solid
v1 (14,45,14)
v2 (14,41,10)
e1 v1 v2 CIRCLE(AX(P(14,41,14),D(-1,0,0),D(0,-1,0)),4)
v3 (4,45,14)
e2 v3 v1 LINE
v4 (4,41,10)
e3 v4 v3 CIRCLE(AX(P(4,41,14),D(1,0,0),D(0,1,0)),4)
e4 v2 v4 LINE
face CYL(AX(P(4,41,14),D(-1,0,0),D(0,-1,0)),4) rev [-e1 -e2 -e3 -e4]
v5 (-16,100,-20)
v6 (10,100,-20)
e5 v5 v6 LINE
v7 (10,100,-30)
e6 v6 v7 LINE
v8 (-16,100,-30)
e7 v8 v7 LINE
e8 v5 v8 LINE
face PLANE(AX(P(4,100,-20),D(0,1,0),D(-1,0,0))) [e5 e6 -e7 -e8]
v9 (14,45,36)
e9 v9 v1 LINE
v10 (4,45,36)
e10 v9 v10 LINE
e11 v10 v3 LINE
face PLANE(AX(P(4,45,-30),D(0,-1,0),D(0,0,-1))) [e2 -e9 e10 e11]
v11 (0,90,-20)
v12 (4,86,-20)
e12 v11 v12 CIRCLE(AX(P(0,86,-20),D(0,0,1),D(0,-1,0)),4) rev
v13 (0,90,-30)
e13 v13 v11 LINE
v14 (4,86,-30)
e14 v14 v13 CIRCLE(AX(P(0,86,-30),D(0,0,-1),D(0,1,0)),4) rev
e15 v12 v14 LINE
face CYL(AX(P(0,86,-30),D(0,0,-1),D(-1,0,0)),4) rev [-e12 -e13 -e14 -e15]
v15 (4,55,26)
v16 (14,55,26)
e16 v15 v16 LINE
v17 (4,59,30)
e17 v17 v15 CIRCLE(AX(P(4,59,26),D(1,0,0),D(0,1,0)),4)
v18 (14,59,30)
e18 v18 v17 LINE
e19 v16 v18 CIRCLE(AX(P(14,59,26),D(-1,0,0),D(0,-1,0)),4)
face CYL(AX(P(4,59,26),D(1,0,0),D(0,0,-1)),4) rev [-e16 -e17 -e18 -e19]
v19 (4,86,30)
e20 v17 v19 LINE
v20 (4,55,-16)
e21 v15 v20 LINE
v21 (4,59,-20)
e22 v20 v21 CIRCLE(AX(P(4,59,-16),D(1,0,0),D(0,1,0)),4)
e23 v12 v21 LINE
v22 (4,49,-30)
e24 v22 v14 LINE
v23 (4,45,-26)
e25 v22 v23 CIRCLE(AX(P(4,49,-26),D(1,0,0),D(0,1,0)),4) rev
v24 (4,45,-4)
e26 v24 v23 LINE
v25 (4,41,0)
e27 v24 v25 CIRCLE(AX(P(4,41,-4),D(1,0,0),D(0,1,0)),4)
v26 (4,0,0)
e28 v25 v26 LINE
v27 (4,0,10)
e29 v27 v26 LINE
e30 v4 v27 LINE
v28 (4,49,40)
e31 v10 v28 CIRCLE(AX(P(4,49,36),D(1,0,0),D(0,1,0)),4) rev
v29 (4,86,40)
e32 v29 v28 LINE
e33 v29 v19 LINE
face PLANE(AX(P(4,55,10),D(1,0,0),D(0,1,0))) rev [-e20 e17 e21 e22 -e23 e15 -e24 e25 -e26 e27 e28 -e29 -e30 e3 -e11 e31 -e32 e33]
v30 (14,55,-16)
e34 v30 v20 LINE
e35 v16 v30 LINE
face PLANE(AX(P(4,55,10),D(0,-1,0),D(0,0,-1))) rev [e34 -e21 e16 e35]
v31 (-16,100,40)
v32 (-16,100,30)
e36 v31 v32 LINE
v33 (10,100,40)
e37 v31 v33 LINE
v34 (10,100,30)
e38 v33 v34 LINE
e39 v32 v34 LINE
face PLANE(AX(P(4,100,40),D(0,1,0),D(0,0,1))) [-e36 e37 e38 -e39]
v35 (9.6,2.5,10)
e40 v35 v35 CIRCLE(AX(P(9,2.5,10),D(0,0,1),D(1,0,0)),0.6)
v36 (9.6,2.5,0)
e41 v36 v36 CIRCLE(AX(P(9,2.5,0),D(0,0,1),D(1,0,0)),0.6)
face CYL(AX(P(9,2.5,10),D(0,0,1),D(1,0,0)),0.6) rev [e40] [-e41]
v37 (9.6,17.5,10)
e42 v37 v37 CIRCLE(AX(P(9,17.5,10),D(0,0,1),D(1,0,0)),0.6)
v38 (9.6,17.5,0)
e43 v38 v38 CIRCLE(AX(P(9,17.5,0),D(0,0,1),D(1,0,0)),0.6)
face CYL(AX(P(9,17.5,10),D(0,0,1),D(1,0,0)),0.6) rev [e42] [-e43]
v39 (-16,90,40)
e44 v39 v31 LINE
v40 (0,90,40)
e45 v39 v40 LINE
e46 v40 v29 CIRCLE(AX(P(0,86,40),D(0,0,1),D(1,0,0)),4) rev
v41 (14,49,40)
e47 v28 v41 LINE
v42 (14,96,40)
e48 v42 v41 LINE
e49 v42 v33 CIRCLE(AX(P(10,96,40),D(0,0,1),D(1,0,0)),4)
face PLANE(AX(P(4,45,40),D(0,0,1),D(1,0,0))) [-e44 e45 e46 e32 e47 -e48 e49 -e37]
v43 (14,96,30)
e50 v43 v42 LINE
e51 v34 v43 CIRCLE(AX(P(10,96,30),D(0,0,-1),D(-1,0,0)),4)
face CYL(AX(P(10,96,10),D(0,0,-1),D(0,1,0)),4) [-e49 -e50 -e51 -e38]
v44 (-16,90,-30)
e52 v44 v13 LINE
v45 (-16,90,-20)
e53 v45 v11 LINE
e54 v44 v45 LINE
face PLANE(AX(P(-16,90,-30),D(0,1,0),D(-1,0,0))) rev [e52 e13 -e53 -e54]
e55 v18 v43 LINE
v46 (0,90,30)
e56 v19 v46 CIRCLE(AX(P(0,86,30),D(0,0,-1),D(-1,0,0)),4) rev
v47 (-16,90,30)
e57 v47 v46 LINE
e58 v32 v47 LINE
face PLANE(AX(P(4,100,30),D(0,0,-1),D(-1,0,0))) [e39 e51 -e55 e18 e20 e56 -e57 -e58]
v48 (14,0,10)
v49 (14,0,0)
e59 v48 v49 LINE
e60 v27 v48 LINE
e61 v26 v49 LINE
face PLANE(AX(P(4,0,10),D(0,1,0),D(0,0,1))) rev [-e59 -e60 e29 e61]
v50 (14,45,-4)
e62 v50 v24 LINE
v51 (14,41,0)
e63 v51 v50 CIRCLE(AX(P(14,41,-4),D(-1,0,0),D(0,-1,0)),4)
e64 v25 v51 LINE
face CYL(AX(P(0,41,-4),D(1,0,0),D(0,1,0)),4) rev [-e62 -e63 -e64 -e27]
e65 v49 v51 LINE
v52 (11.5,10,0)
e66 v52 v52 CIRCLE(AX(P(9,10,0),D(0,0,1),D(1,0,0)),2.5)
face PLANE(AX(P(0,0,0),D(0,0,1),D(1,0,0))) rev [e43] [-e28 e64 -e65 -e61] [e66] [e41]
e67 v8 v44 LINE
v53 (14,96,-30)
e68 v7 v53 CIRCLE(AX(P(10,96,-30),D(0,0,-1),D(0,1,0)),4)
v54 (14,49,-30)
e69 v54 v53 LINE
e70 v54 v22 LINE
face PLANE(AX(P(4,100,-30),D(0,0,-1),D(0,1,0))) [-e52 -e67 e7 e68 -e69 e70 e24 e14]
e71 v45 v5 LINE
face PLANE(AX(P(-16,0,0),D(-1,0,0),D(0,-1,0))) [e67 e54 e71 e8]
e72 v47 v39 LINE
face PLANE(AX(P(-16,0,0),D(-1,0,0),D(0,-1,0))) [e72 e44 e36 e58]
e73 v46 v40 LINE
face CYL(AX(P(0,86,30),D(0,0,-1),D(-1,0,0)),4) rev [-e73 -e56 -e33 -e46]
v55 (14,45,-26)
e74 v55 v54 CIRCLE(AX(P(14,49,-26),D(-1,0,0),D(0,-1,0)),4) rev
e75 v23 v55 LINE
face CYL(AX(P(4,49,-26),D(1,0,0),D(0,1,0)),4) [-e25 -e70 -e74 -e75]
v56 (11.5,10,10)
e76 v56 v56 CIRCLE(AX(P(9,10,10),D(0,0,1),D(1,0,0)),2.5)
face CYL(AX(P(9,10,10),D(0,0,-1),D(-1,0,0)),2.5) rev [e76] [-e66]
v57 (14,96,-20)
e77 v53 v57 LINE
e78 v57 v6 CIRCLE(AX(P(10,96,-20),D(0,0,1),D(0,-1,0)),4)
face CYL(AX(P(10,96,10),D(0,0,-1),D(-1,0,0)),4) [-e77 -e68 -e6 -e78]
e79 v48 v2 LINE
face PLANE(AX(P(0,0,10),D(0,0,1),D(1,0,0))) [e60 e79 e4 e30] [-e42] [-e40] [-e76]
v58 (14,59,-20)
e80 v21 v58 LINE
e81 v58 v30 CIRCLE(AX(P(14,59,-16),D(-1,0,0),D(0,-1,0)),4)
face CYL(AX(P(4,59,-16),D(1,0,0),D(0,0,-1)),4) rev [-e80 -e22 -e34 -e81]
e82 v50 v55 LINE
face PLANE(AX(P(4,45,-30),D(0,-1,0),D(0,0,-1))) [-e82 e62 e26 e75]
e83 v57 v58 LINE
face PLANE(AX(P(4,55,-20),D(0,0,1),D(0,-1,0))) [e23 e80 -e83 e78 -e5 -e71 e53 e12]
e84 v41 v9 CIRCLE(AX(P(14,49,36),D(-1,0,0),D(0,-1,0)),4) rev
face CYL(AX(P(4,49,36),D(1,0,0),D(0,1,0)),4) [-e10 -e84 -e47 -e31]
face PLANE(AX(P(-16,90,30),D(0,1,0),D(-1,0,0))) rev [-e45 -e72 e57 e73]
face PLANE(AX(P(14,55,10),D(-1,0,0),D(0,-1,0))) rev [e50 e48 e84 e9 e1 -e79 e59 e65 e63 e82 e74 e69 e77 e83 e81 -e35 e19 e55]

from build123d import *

# Parameters (mm, degrees)
ESQUISSE1_W        = 10
ESQUISSE1_H        = 55
ESQUISSE1_R        = 2.5
ESQUISSE1_R_2      = 0.5
BOSS_EXTRU_1_DEPTH = 10
BOSS_EXTRU_2_DEPTH = 10
ESQUISSE5_W        = 10
ESQUISSE5_H        = 10
BOSS_EXTRU_3_DEPTH = 20
CONG_1_R           = 4
D_GAGEMENT_M11_D   = 1.2


with BuildPart() as part:
    # Esquisse1 → Boss.-Extru.1 (new body)
    with BuildSketch(Plane.XY):
        with Locations((9, 27.5)):
            Rectangle(ESQUISSE1_W, ESQUISSE1_H)
        with Locations((9, 10)):
            Circle(ESQUISSE1_R, mode=Mode.SUBTRACT)
        with Locations((9, 17.5)):
            Circle(ESQUISSE1_R_2, mode=Mode.SUBTRACT)
        with Locations((9, 2.5)):
            Circle(ESQUISSE1_R_2, mode=Mode.SUBTRACT)
    extrude(amount=BOSS_EXTRU_1_DEPTH)

    # Esquisse4 → Boss.-Extru.2 (add)
    with BuildSketch(Plane(origin=(14, 0, 0), x_dir=(0, 0, -1), z_dir=(1, 0, 0))):
        Polygon((-30, 55), (20, 55), (20, 100), (30, 100), (30, 45), (-40, 45), (-40, 100), (-30, 100), align=None)
    extrude(amount=-BOSS_EXTRU_2_DEPTH)

    # Esquisse5 → Boss.-Extru.3 (add)
    with BuildSketch(Plane.ZY.offset(-4)):
        with Locations((-25, 95)):
            Rectangle(ESQUISSE5_W, ESQUISSE5_H)
        with Locations((35, 95)):
            Rectangle(ESQUISSE5_W, ESQUISSE5_H)
    extrude(amount=BOSS_EXTRU_3_DEPTH)

    # Congé1
    cong_1_edges = [part.edges().sort_by_distance(p)[0] for p in [
        (9, 45, 0),
        (9, 45, -30),
        (14, 100, -25),
        (9, 55, -20),
        (9, 45, 10),
        (9, 45, 40),
        (9, 55, 30),
        (14, 100, 35),
        (4, 90, -25),
        (4, 90, 35),
    ]]
    fillet(cong_1_edges, radius=CONG_1_R)

    # Dégagement M11 (through all)
    with Locations(Plane.XY.offset(10)):
        with Locations((9, 17.5), (9, 2.5)):
            Hole(D_GAGEMENT_M11_D / 2)


solid = part.part
